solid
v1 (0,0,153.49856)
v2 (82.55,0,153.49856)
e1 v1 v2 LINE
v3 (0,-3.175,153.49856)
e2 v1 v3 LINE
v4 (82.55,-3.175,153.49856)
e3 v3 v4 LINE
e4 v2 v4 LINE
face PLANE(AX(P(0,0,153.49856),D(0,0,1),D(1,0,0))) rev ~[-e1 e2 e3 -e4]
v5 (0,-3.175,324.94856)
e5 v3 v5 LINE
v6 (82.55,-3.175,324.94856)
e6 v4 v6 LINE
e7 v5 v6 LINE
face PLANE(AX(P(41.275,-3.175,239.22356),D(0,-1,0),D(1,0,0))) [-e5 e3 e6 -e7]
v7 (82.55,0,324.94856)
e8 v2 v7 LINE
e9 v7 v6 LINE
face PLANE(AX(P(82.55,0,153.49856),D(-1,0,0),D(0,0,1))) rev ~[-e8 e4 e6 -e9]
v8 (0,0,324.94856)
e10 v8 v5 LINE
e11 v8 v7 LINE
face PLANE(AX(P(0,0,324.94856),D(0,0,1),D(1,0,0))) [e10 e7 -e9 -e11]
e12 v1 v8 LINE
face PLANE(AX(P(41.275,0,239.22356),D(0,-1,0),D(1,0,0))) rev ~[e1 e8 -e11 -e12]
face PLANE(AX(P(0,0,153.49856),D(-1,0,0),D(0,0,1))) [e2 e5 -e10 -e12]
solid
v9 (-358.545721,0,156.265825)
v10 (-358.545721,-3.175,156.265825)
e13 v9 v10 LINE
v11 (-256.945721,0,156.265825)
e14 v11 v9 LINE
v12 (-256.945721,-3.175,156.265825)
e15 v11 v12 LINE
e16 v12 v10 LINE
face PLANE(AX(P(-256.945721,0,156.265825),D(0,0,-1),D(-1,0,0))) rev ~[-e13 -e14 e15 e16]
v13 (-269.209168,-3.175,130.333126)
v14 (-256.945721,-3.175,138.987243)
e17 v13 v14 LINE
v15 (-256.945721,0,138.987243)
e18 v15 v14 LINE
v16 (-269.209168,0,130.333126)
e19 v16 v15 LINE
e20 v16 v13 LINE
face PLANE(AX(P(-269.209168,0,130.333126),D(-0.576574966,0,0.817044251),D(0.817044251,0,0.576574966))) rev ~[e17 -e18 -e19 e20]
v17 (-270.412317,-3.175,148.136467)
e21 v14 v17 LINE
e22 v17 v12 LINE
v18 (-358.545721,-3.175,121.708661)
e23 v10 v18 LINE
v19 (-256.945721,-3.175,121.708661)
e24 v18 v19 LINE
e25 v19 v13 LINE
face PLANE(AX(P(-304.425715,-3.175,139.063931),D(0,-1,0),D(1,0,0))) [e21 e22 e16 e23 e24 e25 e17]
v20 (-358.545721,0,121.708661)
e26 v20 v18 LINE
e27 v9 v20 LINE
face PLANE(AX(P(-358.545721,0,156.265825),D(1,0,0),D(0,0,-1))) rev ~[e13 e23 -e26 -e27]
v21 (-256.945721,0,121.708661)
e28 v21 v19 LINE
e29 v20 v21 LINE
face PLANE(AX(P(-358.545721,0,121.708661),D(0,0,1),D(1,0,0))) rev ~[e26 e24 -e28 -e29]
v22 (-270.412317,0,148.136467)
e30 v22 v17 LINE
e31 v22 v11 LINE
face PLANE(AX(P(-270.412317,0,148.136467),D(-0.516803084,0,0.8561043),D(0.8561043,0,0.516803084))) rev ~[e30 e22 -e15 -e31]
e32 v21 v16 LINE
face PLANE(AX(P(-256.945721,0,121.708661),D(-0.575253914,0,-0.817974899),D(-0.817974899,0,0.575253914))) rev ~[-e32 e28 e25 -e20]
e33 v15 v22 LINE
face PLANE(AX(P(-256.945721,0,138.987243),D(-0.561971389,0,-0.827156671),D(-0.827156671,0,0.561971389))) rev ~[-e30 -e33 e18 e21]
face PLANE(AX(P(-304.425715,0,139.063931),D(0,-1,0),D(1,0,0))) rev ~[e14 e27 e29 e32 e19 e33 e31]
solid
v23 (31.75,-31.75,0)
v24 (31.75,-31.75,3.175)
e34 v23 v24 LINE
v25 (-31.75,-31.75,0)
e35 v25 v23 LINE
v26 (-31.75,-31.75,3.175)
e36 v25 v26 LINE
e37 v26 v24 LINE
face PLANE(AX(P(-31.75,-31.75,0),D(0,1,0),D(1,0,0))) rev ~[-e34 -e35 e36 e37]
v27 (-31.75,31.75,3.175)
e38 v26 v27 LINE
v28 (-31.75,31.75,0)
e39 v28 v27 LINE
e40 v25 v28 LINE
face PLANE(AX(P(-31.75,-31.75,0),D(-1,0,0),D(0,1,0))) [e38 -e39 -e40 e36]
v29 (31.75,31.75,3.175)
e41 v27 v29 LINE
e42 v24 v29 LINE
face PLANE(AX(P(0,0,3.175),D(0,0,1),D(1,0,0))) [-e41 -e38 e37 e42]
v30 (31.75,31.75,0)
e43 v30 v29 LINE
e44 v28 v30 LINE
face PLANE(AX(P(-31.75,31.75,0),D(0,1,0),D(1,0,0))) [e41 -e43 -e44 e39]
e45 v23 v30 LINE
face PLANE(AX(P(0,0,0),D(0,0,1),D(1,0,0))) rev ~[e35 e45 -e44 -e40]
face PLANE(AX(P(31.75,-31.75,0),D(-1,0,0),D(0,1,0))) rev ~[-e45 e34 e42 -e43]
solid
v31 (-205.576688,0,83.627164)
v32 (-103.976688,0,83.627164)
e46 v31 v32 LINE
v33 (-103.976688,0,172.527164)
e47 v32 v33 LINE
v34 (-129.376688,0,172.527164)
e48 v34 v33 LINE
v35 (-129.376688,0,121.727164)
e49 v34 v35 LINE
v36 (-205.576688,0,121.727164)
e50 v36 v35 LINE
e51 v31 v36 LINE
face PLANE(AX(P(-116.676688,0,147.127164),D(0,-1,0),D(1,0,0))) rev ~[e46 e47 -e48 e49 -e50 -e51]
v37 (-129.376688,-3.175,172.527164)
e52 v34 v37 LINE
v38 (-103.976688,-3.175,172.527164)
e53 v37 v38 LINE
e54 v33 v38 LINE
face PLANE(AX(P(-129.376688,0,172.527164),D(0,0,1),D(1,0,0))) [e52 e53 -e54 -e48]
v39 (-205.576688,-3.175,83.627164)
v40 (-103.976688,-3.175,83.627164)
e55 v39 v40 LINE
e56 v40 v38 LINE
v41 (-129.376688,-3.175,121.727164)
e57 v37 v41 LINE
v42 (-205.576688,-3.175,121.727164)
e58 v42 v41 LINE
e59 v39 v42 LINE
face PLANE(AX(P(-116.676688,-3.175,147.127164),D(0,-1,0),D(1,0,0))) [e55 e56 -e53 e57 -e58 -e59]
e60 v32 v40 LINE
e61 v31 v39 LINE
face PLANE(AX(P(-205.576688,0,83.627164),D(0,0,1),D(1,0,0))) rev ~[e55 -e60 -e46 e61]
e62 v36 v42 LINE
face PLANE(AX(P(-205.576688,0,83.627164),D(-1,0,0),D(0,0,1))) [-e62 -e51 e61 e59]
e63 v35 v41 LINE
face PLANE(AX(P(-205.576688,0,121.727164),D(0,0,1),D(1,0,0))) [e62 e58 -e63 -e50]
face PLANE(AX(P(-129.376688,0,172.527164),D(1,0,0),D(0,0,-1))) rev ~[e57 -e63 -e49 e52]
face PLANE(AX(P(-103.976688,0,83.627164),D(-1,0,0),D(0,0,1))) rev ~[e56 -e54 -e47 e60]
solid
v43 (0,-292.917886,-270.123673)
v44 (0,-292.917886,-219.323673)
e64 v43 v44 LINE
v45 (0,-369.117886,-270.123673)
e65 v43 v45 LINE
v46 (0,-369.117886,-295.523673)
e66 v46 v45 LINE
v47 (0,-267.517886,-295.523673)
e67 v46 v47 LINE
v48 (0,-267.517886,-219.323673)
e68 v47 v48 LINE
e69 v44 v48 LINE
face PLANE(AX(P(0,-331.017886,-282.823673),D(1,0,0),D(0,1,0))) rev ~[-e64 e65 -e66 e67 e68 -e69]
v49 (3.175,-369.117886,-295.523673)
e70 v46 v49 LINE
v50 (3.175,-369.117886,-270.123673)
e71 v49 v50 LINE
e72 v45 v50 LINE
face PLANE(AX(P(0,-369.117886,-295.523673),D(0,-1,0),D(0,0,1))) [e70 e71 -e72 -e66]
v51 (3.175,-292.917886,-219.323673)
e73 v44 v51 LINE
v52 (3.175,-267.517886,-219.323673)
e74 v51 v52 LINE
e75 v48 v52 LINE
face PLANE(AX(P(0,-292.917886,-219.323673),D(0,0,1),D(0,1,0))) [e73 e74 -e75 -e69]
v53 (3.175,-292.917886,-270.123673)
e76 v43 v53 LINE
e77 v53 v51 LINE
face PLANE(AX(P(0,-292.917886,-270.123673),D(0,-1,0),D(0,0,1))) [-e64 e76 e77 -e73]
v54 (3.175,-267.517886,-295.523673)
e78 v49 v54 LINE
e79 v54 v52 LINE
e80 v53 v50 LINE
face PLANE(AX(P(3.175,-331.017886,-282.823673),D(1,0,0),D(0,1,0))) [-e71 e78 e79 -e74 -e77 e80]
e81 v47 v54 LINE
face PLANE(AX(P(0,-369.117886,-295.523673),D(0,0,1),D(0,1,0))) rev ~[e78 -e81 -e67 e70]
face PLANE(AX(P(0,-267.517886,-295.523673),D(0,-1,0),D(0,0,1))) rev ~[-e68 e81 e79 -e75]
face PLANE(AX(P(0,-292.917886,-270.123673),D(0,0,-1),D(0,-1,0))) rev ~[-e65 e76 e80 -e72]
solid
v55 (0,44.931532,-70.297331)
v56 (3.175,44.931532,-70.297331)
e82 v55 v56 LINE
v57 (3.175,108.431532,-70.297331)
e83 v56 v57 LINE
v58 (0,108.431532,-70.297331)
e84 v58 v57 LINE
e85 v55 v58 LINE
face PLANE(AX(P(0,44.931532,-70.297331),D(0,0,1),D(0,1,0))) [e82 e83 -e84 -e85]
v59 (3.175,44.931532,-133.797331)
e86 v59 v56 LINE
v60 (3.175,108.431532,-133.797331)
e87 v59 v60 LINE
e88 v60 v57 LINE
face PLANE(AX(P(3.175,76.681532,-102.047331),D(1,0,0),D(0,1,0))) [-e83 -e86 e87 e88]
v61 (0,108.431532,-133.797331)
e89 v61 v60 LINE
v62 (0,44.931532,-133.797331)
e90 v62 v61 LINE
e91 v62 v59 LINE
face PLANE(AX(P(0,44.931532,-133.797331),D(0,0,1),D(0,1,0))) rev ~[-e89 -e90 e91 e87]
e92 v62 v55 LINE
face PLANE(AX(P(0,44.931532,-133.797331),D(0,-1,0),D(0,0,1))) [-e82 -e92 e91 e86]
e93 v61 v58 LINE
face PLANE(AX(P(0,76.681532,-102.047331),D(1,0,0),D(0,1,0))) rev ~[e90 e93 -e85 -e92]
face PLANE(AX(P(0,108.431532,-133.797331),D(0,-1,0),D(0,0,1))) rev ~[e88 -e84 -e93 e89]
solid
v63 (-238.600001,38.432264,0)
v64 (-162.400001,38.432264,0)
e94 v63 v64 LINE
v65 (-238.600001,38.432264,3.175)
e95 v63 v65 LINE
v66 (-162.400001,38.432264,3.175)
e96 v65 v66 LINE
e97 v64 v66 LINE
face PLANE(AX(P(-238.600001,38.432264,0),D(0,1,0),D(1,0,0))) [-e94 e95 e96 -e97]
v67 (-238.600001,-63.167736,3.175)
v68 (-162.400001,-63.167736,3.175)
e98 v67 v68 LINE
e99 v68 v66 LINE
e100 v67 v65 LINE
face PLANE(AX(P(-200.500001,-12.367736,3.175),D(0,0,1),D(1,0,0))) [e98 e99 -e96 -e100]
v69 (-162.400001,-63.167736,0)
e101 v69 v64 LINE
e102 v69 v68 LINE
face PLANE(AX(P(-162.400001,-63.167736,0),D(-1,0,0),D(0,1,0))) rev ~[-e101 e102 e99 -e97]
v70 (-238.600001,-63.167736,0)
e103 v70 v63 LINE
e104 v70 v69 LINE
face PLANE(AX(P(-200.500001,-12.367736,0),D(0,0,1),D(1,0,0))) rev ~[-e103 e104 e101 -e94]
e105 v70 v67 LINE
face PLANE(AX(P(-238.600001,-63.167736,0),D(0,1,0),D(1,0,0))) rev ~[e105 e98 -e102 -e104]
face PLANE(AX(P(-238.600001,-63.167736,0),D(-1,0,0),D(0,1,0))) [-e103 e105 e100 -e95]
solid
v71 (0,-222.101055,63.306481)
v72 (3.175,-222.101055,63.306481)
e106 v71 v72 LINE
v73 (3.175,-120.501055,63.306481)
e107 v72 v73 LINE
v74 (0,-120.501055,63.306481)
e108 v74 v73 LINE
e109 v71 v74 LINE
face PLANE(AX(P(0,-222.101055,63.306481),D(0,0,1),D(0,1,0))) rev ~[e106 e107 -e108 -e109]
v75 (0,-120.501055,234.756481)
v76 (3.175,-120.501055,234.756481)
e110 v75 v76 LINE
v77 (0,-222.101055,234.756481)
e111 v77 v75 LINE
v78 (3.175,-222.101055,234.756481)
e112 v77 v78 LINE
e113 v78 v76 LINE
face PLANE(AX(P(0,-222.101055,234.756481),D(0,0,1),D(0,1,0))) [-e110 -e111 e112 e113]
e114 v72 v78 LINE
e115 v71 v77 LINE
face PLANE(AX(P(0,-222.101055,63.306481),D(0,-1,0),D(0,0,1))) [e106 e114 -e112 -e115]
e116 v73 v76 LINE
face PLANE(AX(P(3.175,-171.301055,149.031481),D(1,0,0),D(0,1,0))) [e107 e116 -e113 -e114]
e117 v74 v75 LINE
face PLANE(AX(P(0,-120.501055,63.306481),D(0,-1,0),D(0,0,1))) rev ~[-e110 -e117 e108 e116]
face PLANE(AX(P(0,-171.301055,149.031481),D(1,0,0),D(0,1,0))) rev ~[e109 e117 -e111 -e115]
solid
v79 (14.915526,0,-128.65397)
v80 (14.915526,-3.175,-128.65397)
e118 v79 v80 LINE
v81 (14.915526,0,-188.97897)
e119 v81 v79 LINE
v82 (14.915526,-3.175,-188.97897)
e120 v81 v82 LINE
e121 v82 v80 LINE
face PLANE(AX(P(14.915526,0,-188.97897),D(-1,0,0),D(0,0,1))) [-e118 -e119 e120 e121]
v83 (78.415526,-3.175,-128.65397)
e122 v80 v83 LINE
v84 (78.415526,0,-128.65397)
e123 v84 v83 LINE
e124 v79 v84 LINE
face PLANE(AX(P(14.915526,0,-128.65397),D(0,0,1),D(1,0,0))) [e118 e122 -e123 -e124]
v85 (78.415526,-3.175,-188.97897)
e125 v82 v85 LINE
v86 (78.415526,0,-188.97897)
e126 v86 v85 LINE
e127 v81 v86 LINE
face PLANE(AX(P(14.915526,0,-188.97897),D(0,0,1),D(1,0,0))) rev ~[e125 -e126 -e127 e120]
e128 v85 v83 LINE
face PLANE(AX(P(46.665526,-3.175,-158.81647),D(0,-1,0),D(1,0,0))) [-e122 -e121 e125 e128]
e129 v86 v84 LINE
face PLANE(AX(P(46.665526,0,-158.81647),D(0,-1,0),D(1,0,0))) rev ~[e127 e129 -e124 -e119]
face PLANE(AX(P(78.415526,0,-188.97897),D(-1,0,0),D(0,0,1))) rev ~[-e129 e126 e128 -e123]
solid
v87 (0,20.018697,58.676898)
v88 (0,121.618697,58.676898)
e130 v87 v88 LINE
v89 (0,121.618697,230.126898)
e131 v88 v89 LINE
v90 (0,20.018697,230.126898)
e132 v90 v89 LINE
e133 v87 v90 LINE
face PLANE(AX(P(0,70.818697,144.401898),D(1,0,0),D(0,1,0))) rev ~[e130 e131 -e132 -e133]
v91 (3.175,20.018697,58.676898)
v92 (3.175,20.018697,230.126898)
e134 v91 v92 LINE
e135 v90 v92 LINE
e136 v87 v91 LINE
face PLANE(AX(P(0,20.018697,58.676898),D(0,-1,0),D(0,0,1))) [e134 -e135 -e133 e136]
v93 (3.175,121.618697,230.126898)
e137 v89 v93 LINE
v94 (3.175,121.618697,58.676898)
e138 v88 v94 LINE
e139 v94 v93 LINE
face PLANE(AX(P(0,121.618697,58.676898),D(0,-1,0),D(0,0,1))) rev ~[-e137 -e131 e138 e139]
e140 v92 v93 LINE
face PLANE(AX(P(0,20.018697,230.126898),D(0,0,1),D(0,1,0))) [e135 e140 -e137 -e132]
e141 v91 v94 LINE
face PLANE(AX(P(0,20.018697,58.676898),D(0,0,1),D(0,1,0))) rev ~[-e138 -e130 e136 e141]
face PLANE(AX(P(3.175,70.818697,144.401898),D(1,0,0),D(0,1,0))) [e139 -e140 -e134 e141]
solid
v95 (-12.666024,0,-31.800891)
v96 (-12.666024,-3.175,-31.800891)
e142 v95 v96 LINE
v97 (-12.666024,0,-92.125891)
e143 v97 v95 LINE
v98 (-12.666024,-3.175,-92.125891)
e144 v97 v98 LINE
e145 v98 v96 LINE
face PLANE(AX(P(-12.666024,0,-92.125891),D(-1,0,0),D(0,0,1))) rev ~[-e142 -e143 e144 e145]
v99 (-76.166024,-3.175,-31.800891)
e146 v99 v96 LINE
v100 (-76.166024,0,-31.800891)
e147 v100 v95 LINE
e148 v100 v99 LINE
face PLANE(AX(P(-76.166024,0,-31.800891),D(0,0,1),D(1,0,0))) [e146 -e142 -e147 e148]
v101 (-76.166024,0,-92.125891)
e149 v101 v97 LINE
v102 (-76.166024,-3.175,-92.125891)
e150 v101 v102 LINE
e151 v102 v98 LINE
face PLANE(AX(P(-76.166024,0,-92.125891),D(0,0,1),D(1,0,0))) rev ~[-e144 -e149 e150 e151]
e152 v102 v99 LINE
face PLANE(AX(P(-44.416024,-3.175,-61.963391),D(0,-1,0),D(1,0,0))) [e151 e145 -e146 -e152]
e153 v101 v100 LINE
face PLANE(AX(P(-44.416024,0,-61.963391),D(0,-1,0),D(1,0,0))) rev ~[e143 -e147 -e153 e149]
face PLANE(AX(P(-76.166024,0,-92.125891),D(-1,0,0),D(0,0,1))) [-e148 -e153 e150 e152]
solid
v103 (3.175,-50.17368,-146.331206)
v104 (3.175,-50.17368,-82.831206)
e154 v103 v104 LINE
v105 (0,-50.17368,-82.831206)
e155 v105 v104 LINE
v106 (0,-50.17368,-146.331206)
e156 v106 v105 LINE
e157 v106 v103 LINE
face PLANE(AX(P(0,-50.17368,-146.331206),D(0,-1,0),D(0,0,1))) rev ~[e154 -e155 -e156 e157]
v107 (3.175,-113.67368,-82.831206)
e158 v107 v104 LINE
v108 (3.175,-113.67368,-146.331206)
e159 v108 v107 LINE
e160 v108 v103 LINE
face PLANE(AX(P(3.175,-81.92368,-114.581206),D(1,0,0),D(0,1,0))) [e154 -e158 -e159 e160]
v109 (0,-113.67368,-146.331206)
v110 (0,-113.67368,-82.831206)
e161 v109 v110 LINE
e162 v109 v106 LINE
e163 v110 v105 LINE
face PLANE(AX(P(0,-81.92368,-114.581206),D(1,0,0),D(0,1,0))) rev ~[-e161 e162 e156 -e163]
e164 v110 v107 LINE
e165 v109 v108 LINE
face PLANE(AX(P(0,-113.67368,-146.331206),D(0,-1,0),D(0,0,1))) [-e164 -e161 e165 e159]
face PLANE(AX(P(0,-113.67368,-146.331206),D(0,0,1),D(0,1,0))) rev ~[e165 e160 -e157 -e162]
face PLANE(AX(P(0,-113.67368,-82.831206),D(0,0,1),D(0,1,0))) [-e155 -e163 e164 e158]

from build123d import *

# Parameters (mm, degrees)
F0_W      = 63.5
F0_H      = 63.5
F1_DEPTH  = 3.175
F2_W      = 63.5
F2_H      = 60.325
F3_DEPTH  = 3.175
F4_DEPTH  = 3.175
F5_W      = 63.5
F5_H      = 63.5
F6_DEPTH  = 3.175
F0_W_2    = 76.2
F0_H_2    = 101.6
F7_DEPTH  = 3.175
F5_W_2    = 101.6
F5_H_2    = 171.45
F8_DEPTH  = 3.175
F9_DEPTH  = 3.175
F2_W_2    = 82.55
F2_H_2    = 171.45
F10_DEPTH = 3.175
F5_W_3    = 76.2
F5_H_3    = 25.4
F5_W_4    = 25.4
F5_H_4    = 50.8
F11_DEPTH = 3.175
F2_W_3    = 25.4
F2_H_3    = 50.8
F2_H_4    = 38.1
F2_W_4    = 76.2
F12_DEPTH = 3.175
F13_DEPTH = 3.175


with BuildPart() as f1:
    # F0 (on Top) → F1 (new body)
    with BuildSketch(Plane.XY):
        Rectangle(F0_W, F0_H)
    extrude(amount=F1_DEPTH)


with BuildPart() as f3:
    # F2 (on Front) → F3 (new body)
    with BuildSketch(Plane.XZ):
        with Locations((-44.416024, -61.963391)):
            Rectangle(F2_W, F2_H)
    extrude(amount=F3_DEPTH)


with BuildPart() as f4:
    # F2 (on Front) → F4 (new body)
    with BuildSketch(Plane.XZ):
        with Locations((46.665526, -158.81647)):
            Rectangle(F2_W, F2_H)
    extrude(amount=F4_DEPTH)


with BuildPart() as f6:
    # F5 (on Right) → F6 (new body)
    with BuildSketch(Plane.YZ):
        with Locations((-81.92368, -114.581206)):
            Rectangle(F5_W, F5_H)
        with Locations((76.681532, -102.047331)):
            Rectangle(F5_W, F5_H)
    extrude(amount=F6_DEPTH)


with BuildPart() as f7:
    # F0 (on Top) → F7 (new body)
    with BuildSketch(Plane.XY):
        with Locations((-200.500001, -12.367736)):
            Rectangle(F0_W_2, F0_H_2)
    extrude(amount=F7_DEPTH)


with BuildPart() as f8:
    # F5 (on Right) → F8 (new body)
    with BuildSketch(Plane.YZ):
        with Locations((70.818697, 144.401898)):
            Rectangle(F5_W_2, F5_H_2)
    extrude(amount=F8_DEPTH)


with BuildPart() as f9:
    # F5 (on Right) → F9 (new body)
    with BuildSketch(Plane.YZ):
        with Locations((-171.301055, 149.031481)):
            Rectangle(F5_W_2, F5_H_2)
    extrude(amount=F9_DEPTH)


with BuildPart() as f10:
    # F2 (on Front) → F10 (new body)
    with BuildSketch(Plane.XZ):
        with Locations((41.275, 239.22356)):
            Rectangle(F2_W_2, F2_H_2)
    extrude(amount=F10_DEPTH)


with BuildPart() as f11:
    # F5 (on Right) → F11 (new body)
    with BuildSketch(Plane.YZ):
        with Locations((-331.017886, -282.823673)):
            Rectangle(F5_W_3, F5_H_3)
        with Locations((-280.217886, -282.823673)):
            Rectangle(F5_W_4, F5_H_3)
        with Locations((-280.217886, -244.723673)):
            Rectangle(F5_W_4, F5_H_4)
    extrude(amount=F11_DEPTH)


with BuildPart() as f12:
    # F2 (on Front) → F12 (new body)
    with BuildSketch(Plane.XZ):
        with Locations((-116.676688, 147.127164)):
            Rectangle(F2_W_3, F2_H_3)
        with Locations((-116.676688, 102.677164)):
            Rectangle(F2_W_3, F2_H_4)
        with Locations((-167.476688, 102.677164)):
            Rectangle(F2_W_4, F2_H_4)
    extrude(amount=F12_DEPTH)


with BuildPart() as f13:
    # F2 (on Front) → F13 (new body)
    with BuildSketch(Plane.XZ):
        Polygon((-256.945721, 156.265825), (-358.545721, 156.265825), (-358.545721, 121.708661), (-256.945721, 121.708661), (-269.209168, 130.333126), (-256.945721, 138.987243), (-270.412317, 148.136467), align=None)
    extrude(amount=F13_DEPTH)


solid = Compound([f1.part, f3.part, f4.part, f6.part, f7.part, f8.part, f9.part, f10.part, f11.part, f12.part, f13.part])
